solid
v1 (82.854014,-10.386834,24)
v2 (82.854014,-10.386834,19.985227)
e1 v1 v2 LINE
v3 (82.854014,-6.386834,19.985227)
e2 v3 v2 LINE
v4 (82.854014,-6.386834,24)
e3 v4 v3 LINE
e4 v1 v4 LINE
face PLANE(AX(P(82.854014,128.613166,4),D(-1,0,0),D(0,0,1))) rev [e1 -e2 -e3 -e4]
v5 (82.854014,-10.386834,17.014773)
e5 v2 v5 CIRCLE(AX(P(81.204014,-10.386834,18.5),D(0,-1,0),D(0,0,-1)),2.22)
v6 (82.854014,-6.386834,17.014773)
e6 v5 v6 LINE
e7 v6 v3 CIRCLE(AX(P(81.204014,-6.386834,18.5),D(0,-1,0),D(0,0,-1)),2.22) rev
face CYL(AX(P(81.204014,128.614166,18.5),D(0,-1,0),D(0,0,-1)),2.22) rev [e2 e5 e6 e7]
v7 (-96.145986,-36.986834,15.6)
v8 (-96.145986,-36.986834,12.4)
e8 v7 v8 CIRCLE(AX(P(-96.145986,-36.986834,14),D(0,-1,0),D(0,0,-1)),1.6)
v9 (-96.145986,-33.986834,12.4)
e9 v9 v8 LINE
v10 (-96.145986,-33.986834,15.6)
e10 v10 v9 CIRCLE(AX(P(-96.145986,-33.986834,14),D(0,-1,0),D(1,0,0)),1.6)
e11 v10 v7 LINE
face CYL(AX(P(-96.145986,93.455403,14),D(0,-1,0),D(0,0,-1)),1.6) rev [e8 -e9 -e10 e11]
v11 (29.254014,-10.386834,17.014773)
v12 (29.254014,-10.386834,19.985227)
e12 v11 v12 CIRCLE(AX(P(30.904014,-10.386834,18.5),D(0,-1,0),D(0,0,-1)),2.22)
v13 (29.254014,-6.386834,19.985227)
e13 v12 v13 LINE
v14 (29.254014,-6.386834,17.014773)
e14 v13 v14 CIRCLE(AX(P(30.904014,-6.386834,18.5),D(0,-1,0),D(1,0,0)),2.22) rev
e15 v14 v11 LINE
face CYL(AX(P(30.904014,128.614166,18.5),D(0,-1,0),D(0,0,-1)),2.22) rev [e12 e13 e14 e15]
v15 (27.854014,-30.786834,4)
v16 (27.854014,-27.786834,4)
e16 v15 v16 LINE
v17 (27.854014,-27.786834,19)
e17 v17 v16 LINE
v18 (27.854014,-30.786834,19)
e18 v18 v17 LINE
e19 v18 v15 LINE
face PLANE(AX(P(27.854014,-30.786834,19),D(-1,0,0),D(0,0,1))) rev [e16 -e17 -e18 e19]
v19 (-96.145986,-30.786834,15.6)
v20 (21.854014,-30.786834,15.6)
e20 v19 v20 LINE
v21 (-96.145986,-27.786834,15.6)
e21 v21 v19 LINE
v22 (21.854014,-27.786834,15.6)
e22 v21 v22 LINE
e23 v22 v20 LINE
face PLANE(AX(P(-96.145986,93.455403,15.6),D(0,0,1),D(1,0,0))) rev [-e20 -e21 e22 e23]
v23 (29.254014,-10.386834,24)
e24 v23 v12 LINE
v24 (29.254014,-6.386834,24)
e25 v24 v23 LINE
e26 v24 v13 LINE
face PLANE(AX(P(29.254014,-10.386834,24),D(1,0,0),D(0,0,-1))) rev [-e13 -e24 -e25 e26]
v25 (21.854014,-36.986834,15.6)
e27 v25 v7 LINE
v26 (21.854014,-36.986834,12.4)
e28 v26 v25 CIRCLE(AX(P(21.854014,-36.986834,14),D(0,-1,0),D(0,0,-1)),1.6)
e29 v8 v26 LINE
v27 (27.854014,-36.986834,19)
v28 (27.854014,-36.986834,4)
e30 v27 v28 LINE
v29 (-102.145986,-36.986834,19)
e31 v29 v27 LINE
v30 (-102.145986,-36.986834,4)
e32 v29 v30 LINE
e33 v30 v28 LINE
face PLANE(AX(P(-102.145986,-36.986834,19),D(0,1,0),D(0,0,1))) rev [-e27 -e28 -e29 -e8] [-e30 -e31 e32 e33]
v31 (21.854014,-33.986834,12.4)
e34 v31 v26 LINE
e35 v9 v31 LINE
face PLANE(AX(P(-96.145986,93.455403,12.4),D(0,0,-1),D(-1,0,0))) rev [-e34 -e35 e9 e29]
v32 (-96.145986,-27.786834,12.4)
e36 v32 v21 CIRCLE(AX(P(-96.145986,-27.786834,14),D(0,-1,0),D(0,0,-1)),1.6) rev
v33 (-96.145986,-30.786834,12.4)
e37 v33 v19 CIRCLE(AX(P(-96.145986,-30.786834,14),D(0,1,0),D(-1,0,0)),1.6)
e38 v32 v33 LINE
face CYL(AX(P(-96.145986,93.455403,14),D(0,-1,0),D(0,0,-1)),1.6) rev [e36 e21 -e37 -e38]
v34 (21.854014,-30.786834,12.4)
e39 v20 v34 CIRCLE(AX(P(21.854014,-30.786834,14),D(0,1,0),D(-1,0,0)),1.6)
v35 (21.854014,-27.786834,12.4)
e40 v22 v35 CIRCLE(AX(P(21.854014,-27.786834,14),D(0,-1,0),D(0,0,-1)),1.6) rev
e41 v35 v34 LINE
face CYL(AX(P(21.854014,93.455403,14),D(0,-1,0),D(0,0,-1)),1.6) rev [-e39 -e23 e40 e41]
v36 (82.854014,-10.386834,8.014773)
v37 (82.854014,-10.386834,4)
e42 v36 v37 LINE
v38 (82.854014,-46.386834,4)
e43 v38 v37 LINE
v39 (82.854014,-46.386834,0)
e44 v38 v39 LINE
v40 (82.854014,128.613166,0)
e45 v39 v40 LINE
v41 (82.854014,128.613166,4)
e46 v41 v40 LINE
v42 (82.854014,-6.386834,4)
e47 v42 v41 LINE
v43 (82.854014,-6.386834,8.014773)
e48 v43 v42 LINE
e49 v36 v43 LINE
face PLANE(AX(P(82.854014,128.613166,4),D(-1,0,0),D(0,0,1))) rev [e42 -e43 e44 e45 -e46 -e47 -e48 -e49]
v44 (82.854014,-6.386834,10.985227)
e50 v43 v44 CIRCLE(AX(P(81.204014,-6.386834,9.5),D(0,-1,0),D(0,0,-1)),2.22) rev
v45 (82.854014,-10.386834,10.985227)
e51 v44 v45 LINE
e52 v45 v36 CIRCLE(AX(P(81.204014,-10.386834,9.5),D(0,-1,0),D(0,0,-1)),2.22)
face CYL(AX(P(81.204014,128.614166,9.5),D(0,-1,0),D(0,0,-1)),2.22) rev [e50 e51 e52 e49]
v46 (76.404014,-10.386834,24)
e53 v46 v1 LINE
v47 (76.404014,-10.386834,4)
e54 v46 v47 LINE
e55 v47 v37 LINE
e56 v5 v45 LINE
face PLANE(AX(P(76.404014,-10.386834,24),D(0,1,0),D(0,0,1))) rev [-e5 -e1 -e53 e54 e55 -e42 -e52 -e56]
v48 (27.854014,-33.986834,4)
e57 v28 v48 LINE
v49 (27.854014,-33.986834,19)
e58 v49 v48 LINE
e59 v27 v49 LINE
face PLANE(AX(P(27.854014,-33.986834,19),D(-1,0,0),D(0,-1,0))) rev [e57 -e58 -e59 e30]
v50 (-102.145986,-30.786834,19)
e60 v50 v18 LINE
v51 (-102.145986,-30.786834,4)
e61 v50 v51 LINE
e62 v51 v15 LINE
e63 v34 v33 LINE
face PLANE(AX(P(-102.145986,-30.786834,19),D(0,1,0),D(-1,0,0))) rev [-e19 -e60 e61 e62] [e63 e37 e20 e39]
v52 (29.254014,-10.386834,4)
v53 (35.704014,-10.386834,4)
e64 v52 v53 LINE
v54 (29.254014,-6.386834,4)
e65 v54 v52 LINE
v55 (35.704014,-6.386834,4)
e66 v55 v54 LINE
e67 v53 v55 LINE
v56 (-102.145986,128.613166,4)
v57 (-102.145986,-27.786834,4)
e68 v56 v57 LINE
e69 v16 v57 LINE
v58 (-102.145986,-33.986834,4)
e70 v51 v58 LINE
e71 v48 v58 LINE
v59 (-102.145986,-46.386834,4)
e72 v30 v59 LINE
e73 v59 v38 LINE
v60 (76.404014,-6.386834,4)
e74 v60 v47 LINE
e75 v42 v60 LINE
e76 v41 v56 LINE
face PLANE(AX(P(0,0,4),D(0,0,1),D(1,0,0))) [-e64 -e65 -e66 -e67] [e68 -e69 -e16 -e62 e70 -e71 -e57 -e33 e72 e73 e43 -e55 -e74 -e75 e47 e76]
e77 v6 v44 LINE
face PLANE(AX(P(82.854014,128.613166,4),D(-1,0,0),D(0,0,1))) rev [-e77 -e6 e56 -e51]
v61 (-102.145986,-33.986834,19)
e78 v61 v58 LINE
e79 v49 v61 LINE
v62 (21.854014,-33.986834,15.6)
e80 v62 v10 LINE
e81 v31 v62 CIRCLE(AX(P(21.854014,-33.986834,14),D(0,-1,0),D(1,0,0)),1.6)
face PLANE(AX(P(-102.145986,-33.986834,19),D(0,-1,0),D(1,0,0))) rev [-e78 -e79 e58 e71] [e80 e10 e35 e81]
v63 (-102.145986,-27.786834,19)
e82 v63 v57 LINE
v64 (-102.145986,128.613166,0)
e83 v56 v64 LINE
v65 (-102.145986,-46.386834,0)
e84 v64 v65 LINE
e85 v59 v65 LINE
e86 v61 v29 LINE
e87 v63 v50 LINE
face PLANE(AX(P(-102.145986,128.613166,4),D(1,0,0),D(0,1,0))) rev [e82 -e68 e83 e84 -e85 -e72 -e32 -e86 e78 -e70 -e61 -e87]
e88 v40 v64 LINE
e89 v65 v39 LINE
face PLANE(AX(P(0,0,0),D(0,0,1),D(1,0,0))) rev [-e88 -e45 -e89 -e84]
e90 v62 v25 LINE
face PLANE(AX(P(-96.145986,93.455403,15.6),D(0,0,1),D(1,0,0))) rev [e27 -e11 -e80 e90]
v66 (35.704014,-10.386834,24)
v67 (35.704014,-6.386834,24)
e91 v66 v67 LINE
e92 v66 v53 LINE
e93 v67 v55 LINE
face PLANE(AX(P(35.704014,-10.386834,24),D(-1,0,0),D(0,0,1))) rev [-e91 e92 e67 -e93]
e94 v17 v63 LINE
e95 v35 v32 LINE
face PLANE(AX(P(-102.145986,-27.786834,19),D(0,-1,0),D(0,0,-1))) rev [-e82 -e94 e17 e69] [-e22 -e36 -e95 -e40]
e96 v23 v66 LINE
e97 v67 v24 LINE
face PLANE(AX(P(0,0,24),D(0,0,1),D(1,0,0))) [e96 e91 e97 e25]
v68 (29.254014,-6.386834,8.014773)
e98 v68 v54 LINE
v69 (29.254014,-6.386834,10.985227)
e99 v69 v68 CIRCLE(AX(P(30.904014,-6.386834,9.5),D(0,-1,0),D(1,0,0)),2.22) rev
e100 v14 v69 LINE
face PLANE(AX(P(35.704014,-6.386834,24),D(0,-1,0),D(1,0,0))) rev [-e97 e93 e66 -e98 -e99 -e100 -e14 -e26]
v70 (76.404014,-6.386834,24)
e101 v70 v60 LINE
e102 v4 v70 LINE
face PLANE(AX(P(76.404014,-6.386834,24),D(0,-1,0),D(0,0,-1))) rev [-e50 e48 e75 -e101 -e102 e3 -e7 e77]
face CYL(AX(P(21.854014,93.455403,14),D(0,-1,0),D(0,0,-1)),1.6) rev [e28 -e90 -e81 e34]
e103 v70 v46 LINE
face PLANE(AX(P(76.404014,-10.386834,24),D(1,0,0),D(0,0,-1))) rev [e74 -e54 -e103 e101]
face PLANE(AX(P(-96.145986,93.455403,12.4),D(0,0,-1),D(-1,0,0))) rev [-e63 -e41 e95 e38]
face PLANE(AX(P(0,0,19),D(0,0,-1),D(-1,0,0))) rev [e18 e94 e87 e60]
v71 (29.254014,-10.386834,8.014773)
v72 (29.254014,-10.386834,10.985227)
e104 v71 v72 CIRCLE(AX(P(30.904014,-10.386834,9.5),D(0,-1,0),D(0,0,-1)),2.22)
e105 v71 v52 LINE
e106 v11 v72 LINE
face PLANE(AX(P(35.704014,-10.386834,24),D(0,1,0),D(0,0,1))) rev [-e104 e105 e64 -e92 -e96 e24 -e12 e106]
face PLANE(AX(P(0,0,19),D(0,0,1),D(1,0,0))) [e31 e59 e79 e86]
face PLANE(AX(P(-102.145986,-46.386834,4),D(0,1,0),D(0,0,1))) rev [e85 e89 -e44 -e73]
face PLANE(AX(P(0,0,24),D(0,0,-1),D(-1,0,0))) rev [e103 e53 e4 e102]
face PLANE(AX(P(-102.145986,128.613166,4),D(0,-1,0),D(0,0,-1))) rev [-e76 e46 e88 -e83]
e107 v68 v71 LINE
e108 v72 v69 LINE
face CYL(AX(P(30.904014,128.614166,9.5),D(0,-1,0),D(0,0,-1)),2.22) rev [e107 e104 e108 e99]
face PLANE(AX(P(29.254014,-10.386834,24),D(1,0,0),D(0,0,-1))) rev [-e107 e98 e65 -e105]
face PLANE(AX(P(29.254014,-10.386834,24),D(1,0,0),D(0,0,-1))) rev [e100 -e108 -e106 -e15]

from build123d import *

# Parameters (mm, degrees)
SKETCH_1_W          = 185
SKETCH_1_H          = 175
EXTRUDE_1_DEPTH     = 4
SKETCH_2_W          = 6.45
SKETCH_2_H          = 4
EXTRUDE_2_DEPTH     = 20
CUT_EXTRUDE_1_REACH = 176.157
SKETCH_3_R          = 2.22
SKETCH_4_W          = 130
SKETCH_4_H          = 3
EXTRUDE_3_DEPTH     = 15
CUT_EXTRUDE_2_REACH = 198.044


with BuildPart() as part:
    # 草圖1 → 填料-伸長1 (new body)
    with BuildSketch(Plane.XY):
        with Locations((-9.645986095, 41.11316568)):
            Rectangle(SKETCH_1_W, SKETCH_1_H)
    extrude(amount=EXTRUDE_1_DEPTH)

    # 草圖2 → 填料-伸長2 (add)
    with BuildSketch(Plane.XY.offset(4)):
        with Locations((79.629013905, -8.38683432)):
            Rectangle(SKETCH_2_W, SKETCH_2_H)
        with Locations((32.479013905, -8.38683432)):
            Rectangle(SKETCH_2_W, SKETCH_2_H)
    extrude(amount=EXTRUDE_2_DEPTH)

    # 草圖3 → 除料-伸長1 (cut, up to next)
    with BuildSketch(Plane.XZ.offset(10.38683432), mode=Mode.PRIVATE) as cut_extrude_1_sk1:
        with Locations((81.204013905, 18.5)):
            Circle(SKETCH_3_R)
    cut_extrude_1_tool1 = extrude(cut_extrude_1_sk1.sketch, amount=-CUT_EXTRUDE_1_REACH, mode=Mode.PRIVATE) & part.part
    # 草圖3 → 除料-伸長1 (cut, up to next)
    with BuildSketch(Plane.XZ.offset(10.38683432), mode=Mode.PRIVATE) as cut_extrude_1_sk2:
        with Locations((81.204013905, 9.5)):
            Circle(SKETCH_3_R)
    cut_extrude_1_tool2 = extrude(cut_extrude_1_sk2.sketch, amount=-CUT_EXTRUDE_1_REACH, mode=Mode.PRIVATE) & part.part
    # 草圖3 → 除料-伸長1 (cut, up to next)
    with BuildSketch(Plane.XZ.offset(10.38683432), mode=Mode.PRIVATE) as cut_extrude_1_sk3:
        with Locations((30.904013905, 9.5)):
            Circle(SKETCH_3_R)
    cut_extrude_1_tool3 = extrude(cut_extrude_1_sk3.sketch, amount=-CUT_EXTRUDE_1_REACH, mode=Mode.PRIVATE) & part.part
    # 草圖3 → 除料-伸長1 (cut, up to next)
    with BuildSketch(Plane.XZ.offset(10.38683432), mode=Mode.PRIVATE) as cut_extrude_1_sk4:
        with Locations((30.904013905, 18.5)):
            Circle(SKETCH_3_R)
    cut_extrude_1_tool4 = extrude(cut_extrude_1_sk4.sketch, amount=-CUT_EXTRUDE_1_REACH, mode=Mode.PRIVATE) & part.part
    add(cut_extrude_1_tool1.solids().sort_by_distance((81.204014, -10.386834, 18.5))[0], mode=Mode.SUBTRACT)
    add(cut_extrude_1_tool2.solids().sort_by_distance((81.204014, -10.386834, 9.5))[0], mode=Mode.SUBTRACT)
    add(cut_extrude_1_tool3.solids().sort_by_distance((30.904014, -10.386834, 9.5))[0], mode=Mode.SUBTRACT)
    add(cut_extrude_1_tool4.solids().sort_by_distance((30.904014, -10.386834, 18.5))[0], mode=Mode.SUBTRACT)

    # 草圖4 → 填料-伸長3 (add)
    with BuildSketch(Plane.XY.offset(4)):
        with Locations((-37.145986095, -29.28683432)):
            Rectangle(SKETCH_4_W, SKETCH_4_H)
        with Locations((-37.145986095, -35.48683432)):
            Rectangle(SKETCH_4_W, SKETCH_4_H)
    extrude(amount=EXTRUDE_3_DEPTH)

    # 除料-伸長2: up to this face of the body (flat: up to its plane)
    cut_extrude_2_end = Plane(part.part.faces().sort_by_distance((-37.145986095, -27.78683432, 11.5))[0])
    # 草圖5 → 除料-伸長2 (cut, up to the picked face)
    with BuildSketch(Plane.XZ.offset(36.98683432), mode=Mode.PRIVATE) as cut_extrude_2_sk1:
        with BuildLine():
            Line((-96.145986095, 15.6), (21.854013905, 15.6))
            ThreePointArc((21.854013905, 15.6), (23.454013905, 14), (21.854013905, 12.4))
            Line((21.854013905, 12.4), (-96.145986095, 12.4))
            ThreePointArc((-96.145986095, 12.4), (-97.745986095, 14), (-96.145986095, 15.6))
        make_face()
    cut_extrude_2_tool1 = split(extrude(cut_extrude_2_sk1.sketch, amount=-CUT_EXTRUDE_2_REACH, mode=Mode.PRIVATE), bisect_by=cut_extrude_2_end, keep=Keep.BOTH, mode=Mode.PRIVATE)
    add(cut_extrude_2_tool1.solids().sort_by(Axis((-37.145986, -36.986834, 14), (0, 1, 0)))[0], mode=Mode.SUBTRACT)


solid = part.part
